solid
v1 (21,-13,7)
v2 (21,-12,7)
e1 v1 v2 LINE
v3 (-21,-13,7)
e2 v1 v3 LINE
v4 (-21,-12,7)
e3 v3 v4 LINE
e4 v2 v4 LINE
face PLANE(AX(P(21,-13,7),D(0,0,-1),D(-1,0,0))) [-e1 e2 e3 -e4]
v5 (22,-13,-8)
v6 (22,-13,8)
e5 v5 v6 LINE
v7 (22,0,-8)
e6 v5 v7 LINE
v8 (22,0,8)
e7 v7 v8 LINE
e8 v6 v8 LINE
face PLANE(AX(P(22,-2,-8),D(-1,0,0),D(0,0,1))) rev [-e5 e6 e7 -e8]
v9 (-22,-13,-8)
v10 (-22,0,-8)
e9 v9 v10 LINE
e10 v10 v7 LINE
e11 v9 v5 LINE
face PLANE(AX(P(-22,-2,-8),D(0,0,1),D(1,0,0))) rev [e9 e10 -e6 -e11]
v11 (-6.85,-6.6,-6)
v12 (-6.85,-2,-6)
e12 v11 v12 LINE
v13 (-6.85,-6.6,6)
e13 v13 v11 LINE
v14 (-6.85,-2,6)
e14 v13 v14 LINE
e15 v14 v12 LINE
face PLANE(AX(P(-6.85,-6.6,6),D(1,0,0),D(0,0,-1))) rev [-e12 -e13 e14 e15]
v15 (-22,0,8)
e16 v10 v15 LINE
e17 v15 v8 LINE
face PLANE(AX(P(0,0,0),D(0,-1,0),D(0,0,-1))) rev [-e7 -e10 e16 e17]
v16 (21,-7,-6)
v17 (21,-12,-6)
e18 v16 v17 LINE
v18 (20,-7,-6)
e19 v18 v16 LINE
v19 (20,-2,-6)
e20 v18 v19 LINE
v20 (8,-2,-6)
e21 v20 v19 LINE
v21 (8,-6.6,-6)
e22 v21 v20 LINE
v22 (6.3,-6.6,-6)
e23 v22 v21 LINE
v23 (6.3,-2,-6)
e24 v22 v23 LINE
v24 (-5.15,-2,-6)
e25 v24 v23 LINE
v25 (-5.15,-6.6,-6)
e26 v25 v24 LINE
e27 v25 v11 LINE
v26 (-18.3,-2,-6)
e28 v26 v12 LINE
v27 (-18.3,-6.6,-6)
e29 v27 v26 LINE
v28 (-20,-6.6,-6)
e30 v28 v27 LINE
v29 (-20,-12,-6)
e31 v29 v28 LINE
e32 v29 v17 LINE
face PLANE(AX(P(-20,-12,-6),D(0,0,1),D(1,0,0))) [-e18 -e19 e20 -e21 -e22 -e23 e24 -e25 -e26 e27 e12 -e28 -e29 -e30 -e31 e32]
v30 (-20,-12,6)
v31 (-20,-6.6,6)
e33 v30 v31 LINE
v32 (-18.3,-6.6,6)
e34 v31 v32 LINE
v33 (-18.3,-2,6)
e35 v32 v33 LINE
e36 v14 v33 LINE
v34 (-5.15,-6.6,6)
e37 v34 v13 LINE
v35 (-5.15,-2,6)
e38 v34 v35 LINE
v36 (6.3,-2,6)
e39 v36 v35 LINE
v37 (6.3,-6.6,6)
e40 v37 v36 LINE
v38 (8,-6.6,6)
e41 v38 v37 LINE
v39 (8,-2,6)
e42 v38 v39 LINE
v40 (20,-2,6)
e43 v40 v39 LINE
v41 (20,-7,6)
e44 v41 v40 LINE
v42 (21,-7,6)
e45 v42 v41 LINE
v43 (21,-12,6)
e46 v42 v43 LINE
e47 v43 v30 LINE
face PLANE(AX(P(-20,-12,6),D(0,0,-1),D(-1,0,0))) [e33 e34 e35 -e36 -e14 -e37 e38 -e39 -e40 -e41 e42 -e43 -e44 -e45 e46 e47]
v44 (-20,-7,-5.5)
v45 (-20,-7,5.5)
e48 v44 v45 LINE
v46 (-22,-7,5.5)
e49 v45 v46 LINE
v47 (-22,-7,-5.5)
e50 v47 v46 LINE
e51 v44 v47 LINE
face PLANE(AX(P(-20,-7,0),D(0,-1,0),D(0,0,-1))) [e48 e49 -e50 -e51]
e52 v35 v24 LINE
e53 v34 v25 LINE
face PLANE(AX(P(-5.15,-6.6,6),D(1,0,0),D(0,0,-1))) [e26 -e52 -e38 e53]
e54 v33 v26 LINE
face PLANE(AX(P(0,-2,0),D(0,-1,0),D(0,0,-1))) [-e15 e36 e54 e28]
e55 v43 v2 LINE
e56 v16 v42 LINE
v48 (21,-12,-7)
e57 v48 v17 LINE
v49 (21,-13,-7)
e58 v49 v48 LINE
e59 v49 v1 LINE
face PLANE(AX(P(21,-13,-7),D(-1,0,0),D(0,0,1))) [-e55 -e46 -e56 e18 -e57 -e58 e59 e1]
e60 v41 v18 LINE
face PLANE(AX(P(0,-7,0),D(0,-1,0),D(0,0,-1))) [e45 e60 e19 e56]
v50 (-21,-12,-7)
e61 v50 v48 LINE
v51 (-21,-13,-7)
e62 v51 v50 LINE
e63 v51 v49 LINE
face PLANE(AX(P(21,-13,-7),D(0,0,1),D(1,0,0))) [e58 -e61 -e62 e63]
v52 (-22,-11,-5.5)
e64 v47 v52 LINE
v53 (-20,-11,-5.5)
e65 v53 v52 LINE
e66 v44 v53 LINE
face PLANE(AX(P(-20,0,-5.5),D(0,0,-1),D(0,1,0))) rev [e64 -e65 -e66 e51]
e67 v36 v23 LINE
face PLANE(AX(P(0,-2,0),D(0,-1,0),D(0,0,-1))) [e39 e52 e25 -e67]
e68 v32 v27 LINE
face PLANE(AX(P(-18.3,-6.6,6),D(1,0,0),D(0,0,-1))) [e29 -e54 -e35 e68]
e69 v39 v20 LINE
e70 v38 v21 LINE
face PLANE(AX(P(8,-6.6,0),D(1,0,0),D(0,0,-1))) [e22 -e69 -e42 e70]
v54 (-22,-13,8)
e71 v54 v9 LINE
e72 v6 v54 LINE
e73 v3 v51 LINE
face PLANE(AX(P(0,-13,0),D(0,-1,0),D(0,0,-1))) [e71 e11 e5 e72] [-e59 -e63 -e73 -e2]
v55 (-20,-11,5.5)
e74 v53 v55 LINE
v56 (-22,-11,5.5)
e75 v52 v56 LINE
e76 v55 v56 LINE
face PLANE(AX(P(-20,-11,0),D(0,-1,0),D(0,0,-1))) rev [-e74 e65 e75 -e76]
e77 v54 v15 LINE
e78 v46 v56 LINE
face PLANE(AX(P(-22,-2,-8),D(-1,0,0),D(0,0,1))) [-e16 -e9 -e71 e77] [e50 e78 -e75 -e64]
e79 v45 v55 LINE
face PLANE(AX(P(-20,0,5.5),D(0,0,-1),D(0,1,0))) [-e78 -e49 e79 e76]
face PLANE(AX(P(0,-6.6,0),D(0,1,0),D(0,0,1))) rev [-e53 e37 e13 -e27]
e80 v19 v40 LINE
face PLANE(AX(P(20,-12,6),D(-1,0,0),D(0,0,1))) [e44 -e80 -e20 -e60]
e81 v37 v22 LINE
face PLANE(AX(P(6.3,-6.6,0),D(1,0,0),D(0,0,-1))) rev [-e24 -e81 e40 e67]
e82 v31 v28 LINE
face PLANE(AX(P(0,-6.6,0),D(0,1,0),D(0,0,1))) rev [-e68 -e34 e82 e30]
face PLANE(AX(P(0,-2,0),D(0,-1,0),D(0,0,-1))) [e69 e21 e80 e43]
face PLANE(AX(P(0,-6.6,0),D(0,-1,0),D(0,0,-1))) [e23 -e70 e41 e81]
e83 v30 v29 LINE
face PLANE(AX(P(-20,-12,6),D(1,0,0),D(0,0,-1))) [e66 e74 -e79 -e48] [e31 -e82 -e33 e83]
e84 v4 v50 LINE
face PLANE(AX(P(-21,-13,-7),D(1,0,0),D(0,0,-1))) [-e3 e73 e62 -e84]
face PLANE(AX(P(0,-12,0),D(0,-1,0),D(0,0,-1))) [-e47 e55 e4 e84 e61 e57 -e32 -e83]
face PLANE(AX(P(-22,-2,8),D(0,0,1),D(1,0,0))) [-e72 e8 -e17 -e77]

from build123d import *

# Parameters (mm, degrees)
SKETCH_1_W          = 44
SKETCH_1_H          = 16
EXTRUDE_1_DEPTH     = 2
SKETCH_2_W          = 44
SKETCH_2_H          = 16
SKETCH_2_W_2        = 40
SKETCH_2_H_2        = 12
EXTRUDE_2_DEPTH     = 10
SKETCH_3_W          = 5.5
SKETCH_3_H          = 4
CUT_EXTRUDE_1_DEPTH = 2
SKETCH_4_W          = 1.7
SKETCH_4_H          = 12
EXTRUDE_4_DEPTH     = 4.6
SKETCH_9_W          = 44
SKETCH_9_H          = 16
SKETCH_9_W_2        = 42
SKETCH_9_H_2        = 14
EXTRUDE_5_DEPTH     = 1
SKETCH_12_W         = 1
SKETCH_12_H         = 12
CUT_EXTRUDE_3_DEPTH = 5


with BuildPart() as part:
    # 草图1 → 凸台-拉伸1 (new body)
    with BuildSketch(Plane(origin=(0, 0, 0), x_dir=(1, 0, 0), z_dir=(0, 1, 0))):
        Rectangle(SKETCH_1_W, SKETCH_1_H)
    extrude(amount=-EXTRUDE_1_DEPTH)

    # 草图2 → 凸台-拉伸2 (add)
    with BuildSketch(Plane.XZ.offset(2)):
        Rectangle(SKETCH_2_W, SKETCH_2_H)
        Rectangle(SKETCH_2_W_2, SKETCH_2_H_2, mode=Mode.SUBTRACT)
    extrude(amount=EXTRUDE_2_DEPTH)

    # 草图3 → 切除-拉伸1 (cut)
    with BuildSketch(Plane.ZY.offset(22)):
        with Locations((2.75, -9)):
            Rectangle(SKETCH_3_W, SKETCH_3_H)
        with Locations((-2.75, -9)):
            Rectangle(SKETCH_3_W, SKETCH_3_H)
    extrude(amount=-CUT_EXTRUDE_1_DEPTH, mode=Mode.SUBTRACT)

    # 草图4 → 凸台-拉伸4 (add)
    with BuildSketch(Plane.XZ.offset(2)):
        with Locations((7.15, 0)):
            Rectangle(SKETCH_4_W, SKETCH_4_H)
        with Locations((-19.15, 0)):
            Rectangle(SKETCH_4_W, SKETCH_4_H)
        with Locations((-6, 0)):
            Rectangle(SKETCH_4_W, SKETCH_4_H)
    extrude(amount=EXTRUDE_4_DEPTH)

    # 草图9 → 凸台-拉伸5 (add)
    with BuildSketch(Plane.XZ.offset(12)):
        Rectangle(SKETCH_9_W, SKETCH_9_H)
        Rectangle(SKETCH_9_W_2, SKETCH_9_H_2, mode=Mode.SUBTRACT)
    extrude(amount=EXTRUDE_5_DEPTH)

    # 草图12 → 切除-拉伸3 (cut)
    with BuildSketch(Plane.XZ.offset(12)):
        with Locations((20.5, 0)):
            Rectangle(SKETCH_12_W, SKETCH_12_H)
    extrude(amount=-CUT_EXTRUDE_3_DEPTH, mode=Mode.SUBTRACT)


solid = part.part
